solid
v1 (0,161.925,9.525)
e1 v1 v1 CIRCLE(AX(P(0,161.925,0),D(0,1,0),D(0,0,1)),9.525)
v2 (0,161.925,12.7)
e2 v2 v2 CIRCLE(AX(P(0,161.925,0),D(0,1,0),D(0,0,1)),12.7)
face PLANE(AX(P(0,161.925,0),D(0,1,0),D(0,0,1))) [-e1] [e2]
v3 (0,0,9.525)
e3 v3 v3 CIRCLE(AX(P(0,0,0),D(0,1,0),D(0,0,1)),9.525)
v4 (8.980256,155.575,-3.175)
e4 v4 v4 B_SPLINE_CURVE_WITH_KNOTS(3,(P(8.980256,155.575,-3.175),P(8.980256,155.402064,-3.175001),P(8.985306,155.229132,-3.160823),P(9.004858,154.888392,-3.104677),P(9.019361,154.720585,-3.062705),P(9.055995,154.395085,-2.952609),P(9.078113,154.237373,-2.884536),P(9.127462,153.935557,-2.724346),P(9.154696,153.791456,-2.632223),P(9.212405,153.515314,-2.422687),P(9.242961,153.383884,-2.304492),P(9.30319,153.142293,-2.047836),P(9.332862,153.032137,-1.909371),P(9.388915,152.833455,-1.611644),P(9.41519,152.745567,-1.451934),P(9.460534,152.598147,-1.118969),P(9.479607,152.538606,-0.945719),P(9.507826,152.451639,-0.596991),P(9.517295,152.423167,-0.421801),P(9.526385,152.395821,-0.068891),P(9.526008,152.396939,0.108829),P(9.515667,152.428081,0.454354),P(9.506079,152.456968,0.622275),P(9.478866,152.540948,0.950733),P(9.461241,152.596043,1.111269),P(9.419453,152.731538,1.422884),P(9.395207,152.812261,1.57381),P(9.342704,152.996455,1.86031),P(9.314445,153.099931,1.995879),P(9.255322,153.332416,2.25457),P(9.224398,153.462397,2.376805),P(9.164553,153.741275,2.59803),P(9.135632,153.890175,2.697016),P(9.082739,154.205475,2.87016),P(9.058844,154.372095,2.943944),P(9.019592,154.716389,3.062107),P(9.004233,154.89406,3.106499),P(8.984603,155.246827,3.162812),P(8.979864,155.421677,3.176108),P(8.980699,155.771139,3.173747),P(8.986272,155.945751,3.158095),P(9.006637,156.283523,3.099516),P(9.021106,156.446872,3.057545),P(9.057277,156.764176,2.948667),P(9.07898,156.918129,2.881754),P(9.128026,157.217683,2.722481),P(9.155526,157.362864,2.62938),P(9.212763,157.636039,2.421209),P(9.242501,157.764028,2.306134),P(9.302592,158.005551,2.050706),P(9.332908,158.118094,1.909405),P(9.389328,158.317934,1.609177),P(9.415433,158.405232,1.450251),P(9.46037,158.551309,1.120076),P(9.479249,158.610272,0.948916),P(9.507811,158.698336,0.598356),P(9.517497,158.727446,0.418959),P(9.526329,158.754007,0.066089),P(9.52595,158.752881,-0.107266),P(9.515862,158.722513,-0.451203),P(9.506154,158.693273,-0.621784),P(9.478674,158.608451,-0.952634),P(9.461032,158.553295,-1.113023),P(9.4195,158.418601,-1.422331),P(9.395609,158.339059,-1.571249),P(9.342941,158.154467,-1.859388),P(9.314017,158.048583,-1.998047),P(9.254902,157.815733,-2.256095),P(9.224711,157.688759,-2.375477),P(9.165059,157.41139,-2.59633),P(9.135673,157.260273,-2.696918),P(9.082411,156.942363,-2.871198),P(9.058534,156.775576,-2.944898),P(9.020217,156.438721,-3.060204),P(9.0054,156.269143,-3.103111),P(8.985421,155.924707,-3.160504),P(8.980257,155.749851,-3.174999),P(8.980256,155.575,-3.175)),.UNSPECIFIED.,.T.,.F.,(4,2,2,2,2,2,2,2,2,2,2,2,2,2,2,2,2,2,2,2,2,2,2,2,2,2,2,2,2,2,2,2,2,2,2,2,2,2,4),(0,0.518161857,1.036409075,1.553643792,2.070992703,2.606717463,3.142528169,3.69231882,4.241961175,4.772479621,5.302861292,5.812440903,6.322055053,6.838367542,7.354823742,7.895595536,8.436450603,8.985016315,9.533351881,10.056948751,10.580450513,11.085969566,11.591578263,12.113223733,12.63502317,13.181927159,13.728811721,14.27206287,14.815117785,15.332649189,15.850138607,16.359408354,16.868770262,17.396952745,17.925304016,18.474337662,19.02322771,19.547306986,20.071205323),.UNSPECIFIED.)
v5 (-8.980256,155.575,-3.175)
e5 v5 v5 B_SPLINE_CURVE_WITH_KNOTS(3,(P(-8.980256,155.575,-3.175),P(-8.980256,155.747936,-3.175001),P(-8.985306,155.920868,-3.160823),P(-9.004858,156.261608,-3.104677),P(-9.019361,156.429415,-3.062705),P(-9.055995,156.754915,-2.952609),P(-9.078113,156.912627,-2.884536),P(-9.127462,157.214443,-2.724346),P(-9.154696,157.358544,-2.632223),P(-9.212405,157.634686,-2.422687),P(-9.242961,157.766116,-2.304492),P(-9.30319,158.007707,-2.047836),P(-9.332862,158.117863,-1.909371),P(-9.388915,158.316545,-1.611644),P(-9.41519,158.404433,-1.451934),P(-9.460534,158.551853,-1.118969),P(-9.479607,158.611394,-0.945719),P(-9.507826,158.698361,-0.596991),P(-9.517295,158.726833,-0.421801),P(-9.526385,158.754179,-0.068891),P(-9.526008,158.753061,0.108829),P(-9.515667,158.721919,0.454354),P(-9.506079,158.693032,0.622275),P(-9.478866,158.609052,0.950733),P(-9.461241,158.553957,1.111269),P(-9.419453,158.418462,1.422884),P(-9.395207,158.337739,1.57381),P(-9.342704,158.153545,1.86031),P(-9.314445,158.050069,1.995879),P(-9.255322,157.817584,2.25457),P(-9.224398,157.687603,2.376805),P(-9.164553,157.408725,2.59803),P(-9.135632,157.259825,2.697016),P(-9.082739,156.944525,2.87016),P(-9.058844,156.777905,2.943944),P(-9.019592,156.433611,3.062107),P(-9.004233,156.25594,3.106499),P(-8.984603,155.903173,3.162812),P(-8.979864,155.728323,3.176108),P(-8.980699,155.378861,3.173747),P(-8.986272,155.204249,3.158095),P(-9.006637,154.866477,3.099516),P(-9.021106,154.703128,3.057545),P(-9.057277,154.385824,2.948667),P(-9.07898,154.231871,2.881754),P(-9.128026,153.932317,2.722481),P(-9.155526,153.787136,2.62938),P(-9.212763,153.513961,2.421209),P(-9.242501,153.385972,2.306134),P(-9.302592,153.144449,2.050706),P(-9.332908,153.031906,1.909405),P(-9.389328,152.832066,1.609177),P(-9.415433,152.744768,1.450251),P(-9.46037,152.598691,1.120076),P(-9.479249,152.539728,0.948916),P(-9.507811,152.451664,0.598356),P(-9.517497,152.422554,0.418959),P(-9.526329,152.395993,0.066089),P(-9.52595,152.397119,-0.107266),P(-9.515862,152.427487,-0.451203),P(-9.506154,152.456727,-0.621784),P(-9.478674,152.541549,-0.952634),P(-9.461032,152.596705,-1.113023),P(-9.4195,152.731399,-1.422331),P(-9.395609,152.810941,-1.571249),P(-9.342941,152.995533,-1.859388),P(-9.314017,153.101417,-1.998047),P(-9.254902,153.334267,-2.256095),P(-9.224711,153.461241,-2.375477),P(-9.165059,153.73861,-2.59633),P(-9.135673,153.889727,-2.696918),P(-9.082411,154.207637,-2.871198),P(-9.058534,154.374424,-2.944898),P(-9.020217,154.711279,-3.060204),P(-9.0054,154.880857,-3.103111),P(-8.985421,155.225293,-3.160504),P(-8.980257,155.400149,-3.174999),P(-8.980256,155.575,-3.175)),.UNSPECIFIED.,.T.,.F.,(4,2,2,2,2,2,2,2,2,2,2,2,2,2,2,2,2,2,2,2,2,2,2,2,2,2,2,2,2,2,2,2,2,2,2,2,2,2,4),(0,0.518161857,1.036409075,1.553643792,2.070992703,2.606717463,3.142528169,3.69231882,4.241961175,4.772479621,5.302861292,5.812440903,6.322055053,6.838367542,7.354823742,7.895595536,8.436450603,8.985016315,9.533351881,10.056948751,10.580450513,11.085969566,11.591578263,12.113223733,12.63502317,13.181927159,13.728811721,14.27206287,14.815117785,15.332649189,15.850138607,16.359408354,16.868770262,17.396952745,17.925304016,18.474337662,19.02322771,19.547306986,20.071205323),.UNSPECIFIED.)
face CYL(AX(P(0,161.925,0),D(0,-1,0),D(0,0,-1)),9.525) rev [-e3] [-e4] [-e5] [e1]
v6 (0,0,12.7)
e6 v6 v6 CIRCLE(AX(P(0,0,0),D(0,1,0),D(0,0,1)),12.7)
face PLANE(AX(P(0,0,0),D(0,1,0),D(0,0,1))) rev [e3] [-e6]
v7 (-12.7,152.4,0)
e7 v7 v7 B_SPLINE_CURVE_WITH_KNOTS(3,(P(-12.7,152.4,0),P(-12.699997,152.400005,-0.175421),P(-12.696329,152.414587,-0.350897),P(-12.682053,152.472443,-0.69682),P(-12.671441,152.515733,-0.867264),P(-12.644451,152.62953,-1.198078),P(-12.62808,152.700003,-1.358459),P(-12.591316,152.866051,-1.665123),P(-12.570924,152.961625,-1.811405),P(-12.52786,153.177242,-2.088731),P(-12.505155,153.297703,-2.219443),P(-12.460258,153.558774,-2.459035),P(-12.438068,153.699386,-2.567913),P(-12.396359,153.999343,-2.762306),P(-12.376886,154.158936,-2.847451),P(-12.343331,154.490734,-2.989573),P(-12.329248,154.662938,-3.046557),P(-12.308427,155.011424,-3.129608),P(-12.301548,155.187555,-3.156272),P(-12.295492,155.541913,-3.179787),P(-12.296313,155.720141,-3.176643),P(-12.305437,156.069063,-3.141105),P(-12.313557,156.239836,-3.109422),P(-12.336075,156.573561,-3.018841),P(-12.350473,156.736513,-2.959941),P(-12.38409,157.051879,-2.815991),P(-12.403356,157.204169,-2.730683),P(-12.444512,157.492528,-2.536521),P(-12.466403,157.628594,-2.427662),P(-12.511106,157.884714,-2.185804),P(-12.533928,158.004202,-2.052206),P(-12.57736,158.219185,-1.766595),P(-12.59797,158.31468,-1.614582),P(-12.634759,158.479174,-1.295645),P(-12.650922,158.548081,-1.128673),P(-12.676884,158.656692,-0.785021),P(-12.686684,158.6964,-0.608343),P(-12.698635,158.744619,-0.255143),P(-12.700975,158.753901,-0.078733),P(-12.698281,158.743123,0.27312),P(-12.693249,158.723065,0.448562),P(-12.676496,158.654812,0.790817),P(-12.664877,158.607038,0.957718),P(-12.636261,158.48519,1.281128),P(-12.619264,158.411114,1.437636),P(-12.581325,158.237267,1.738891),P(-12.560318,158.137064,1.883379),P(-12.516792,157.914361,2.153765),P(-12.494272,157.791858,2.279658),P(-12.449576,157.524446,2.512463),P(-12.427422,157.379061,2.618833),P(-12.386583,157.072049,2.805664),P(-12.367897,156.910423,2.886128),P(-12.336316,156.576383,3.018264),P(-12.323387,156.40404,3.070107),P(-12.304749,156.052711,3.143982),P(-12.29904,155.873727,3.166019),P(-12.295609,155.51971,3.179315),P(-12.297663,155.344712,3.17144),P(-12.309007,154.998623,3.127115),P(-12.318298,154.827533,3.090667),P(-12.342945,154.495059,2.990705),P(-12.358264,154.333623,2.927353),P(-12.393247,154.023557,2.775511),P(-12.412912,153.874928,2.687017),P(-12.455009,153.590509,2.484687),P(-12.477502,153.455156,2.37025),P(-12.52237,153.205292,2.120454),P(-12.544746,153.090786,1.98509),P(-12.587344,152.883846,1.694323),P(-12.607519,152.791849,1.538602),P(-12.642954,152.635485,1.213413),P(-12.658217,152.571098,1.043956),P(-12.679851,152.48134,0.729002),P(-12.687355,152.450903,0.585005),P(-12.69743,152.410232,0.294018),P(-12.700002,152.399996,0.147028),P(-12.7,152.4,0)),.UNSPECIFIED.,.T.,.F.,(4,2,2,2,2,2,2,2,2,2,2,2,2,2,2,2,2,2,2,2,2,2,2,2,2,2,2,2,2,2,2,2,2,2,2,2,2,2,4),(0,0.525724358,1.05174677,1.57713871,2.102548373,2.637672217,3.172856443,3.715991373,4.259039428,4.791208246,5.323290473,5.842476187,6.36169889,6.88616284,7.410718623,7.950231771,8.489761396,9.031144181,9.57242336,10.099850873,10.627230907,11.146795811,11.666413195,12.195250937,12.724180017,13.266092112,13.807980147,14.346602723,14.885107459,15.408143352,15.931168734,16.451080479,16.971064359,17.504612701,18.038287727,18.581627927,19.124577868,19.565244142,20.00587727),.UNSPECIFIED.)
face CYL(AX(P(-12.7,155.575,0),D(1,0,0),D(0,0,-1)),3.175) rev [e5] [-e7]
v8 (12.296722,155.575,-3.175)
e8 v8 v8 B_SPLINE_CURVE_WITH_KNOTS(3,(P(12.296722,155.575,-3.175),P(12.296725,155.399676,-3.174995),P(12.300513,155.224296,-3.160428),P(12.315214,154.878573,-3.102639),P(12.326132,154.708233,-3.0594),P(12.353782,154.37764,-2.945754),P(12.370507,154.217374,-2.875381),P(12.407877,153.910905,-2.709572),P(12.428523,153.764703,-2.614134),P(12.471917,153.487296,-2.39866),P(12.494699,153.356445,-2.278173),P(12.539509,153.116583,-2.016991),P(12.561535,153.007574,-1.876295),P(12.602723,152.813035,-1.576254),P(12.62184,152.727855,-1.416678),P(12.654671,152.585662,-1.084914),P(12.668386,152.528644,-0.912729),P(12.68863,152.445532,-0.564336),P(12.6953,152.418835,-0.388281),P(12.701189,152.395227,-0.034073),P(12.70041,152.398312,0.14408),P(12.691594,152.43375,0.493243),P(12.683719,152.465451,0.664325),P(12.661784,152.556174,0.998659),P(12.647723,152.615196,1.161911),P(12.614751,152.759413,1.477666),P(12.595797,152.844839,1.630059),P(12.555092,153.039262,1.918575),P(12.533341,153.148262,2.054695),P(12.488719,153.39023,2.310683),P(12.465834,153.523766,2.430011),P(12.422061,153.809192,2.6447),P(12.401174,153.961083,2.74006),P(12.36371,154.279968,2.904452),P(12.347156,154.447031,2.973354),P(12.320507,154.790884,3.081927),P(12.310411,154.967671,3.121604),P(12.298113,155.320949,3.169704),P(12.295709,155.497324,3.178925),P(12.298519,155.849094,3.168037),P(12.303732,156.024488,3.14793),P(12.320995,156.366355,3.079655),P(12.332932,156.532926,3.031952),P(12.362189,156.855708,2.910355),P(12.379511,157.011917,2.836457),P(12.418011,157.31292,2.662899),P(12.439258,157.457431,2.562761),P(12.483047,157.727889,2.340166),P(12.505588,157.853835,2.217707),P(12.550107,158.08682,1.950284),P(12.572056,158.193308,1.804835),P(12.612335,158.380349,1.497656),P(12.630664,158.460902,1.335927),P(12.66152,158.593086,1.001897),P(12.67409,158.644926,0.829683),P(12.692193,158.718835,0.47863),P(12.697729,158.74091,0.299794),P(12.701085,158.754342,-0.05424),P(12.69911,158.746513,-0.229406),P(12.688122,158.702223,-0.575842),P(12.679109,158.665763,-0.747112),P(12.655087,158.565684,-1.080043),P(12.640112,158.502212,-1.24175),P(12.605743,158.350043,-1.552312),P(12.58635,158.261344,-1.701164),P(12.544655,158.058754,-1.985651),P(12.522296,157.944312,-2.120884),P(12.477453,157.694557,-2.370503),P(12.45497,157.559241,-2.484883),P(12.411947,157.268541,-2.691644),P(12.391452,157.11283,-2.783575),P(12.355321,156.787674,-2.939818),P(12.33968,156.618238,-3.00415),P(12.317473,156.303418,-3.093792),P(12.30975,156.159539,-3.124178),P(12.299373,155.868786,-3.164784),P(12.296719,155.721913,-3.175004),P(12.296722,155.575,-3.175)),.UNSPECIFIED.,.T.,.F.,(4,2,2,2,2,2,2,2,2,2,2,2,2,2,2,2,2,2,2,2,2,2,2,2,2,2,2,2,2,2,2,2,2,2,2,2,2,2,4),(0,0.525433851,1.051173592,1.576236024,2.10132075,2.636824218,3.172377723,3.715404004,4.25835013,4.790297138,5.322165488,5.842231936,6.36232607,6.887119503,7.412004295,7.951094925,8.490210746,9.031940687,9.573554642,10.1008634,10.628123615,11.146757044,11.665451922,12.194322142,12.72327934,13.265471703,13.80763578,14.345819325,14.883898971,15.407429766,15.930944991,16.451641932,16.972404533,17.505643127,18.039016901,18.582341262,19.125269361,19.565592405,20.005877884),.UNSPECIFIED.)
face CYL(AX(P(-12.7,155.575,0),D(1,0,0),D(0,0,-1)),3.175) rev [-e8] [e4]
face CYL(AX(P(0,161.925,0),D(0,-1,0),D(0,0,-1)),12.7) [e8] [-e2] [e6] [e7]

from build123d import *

# Parameters (mm, degrees)
SKETCH1_R               = 12.7
SKETCH1_R_2             = 9.525
BOSS_EXTRUDE1_DEPTH     = 161.925
SKETCH2_R               = 3.175
CUT_EXTRUDE1_DEPTH      = 13.7
CUT_EXTRUDE1_DEPTH_BACK = 13.7


with BuildPart() as part:
    # Sketch1 → Boss-Extrude1 (new body)
    with BuildSketch(Plane(origin=(0, 0, 0), x_dir=(1, 0, 0), z_dir=(0, 1, 0))):
        Circle(SKETCH1_R)
        Circle(SKETCH1_R_2, mode=Mode.SUBTRACT)
    extrude(amount=BOSS_EXTRUDE1_DEPTH)

    # Sketch2 → Cut-Extrude1 (cut, two sides)
    with BuildSketch(Plane(origin=(0, 0, 0), x_dir=(0, 0, -1), z_dir=(1, 0, 0))) as cut_extrude1_sk:
        with Locations((0, 155.575)):
            Circle(SKETCH2_R)
    extrude(amount=CUT_EXTRUDE1_DEPTH, mode=Mode.SUBTRACT)
    extrude(cut_extrude1_sk.sketch, amount=-CUT_EXTRUDE1_DEPTH_BACK, mode=Mode.SUBTRACT)


solid = part.part
